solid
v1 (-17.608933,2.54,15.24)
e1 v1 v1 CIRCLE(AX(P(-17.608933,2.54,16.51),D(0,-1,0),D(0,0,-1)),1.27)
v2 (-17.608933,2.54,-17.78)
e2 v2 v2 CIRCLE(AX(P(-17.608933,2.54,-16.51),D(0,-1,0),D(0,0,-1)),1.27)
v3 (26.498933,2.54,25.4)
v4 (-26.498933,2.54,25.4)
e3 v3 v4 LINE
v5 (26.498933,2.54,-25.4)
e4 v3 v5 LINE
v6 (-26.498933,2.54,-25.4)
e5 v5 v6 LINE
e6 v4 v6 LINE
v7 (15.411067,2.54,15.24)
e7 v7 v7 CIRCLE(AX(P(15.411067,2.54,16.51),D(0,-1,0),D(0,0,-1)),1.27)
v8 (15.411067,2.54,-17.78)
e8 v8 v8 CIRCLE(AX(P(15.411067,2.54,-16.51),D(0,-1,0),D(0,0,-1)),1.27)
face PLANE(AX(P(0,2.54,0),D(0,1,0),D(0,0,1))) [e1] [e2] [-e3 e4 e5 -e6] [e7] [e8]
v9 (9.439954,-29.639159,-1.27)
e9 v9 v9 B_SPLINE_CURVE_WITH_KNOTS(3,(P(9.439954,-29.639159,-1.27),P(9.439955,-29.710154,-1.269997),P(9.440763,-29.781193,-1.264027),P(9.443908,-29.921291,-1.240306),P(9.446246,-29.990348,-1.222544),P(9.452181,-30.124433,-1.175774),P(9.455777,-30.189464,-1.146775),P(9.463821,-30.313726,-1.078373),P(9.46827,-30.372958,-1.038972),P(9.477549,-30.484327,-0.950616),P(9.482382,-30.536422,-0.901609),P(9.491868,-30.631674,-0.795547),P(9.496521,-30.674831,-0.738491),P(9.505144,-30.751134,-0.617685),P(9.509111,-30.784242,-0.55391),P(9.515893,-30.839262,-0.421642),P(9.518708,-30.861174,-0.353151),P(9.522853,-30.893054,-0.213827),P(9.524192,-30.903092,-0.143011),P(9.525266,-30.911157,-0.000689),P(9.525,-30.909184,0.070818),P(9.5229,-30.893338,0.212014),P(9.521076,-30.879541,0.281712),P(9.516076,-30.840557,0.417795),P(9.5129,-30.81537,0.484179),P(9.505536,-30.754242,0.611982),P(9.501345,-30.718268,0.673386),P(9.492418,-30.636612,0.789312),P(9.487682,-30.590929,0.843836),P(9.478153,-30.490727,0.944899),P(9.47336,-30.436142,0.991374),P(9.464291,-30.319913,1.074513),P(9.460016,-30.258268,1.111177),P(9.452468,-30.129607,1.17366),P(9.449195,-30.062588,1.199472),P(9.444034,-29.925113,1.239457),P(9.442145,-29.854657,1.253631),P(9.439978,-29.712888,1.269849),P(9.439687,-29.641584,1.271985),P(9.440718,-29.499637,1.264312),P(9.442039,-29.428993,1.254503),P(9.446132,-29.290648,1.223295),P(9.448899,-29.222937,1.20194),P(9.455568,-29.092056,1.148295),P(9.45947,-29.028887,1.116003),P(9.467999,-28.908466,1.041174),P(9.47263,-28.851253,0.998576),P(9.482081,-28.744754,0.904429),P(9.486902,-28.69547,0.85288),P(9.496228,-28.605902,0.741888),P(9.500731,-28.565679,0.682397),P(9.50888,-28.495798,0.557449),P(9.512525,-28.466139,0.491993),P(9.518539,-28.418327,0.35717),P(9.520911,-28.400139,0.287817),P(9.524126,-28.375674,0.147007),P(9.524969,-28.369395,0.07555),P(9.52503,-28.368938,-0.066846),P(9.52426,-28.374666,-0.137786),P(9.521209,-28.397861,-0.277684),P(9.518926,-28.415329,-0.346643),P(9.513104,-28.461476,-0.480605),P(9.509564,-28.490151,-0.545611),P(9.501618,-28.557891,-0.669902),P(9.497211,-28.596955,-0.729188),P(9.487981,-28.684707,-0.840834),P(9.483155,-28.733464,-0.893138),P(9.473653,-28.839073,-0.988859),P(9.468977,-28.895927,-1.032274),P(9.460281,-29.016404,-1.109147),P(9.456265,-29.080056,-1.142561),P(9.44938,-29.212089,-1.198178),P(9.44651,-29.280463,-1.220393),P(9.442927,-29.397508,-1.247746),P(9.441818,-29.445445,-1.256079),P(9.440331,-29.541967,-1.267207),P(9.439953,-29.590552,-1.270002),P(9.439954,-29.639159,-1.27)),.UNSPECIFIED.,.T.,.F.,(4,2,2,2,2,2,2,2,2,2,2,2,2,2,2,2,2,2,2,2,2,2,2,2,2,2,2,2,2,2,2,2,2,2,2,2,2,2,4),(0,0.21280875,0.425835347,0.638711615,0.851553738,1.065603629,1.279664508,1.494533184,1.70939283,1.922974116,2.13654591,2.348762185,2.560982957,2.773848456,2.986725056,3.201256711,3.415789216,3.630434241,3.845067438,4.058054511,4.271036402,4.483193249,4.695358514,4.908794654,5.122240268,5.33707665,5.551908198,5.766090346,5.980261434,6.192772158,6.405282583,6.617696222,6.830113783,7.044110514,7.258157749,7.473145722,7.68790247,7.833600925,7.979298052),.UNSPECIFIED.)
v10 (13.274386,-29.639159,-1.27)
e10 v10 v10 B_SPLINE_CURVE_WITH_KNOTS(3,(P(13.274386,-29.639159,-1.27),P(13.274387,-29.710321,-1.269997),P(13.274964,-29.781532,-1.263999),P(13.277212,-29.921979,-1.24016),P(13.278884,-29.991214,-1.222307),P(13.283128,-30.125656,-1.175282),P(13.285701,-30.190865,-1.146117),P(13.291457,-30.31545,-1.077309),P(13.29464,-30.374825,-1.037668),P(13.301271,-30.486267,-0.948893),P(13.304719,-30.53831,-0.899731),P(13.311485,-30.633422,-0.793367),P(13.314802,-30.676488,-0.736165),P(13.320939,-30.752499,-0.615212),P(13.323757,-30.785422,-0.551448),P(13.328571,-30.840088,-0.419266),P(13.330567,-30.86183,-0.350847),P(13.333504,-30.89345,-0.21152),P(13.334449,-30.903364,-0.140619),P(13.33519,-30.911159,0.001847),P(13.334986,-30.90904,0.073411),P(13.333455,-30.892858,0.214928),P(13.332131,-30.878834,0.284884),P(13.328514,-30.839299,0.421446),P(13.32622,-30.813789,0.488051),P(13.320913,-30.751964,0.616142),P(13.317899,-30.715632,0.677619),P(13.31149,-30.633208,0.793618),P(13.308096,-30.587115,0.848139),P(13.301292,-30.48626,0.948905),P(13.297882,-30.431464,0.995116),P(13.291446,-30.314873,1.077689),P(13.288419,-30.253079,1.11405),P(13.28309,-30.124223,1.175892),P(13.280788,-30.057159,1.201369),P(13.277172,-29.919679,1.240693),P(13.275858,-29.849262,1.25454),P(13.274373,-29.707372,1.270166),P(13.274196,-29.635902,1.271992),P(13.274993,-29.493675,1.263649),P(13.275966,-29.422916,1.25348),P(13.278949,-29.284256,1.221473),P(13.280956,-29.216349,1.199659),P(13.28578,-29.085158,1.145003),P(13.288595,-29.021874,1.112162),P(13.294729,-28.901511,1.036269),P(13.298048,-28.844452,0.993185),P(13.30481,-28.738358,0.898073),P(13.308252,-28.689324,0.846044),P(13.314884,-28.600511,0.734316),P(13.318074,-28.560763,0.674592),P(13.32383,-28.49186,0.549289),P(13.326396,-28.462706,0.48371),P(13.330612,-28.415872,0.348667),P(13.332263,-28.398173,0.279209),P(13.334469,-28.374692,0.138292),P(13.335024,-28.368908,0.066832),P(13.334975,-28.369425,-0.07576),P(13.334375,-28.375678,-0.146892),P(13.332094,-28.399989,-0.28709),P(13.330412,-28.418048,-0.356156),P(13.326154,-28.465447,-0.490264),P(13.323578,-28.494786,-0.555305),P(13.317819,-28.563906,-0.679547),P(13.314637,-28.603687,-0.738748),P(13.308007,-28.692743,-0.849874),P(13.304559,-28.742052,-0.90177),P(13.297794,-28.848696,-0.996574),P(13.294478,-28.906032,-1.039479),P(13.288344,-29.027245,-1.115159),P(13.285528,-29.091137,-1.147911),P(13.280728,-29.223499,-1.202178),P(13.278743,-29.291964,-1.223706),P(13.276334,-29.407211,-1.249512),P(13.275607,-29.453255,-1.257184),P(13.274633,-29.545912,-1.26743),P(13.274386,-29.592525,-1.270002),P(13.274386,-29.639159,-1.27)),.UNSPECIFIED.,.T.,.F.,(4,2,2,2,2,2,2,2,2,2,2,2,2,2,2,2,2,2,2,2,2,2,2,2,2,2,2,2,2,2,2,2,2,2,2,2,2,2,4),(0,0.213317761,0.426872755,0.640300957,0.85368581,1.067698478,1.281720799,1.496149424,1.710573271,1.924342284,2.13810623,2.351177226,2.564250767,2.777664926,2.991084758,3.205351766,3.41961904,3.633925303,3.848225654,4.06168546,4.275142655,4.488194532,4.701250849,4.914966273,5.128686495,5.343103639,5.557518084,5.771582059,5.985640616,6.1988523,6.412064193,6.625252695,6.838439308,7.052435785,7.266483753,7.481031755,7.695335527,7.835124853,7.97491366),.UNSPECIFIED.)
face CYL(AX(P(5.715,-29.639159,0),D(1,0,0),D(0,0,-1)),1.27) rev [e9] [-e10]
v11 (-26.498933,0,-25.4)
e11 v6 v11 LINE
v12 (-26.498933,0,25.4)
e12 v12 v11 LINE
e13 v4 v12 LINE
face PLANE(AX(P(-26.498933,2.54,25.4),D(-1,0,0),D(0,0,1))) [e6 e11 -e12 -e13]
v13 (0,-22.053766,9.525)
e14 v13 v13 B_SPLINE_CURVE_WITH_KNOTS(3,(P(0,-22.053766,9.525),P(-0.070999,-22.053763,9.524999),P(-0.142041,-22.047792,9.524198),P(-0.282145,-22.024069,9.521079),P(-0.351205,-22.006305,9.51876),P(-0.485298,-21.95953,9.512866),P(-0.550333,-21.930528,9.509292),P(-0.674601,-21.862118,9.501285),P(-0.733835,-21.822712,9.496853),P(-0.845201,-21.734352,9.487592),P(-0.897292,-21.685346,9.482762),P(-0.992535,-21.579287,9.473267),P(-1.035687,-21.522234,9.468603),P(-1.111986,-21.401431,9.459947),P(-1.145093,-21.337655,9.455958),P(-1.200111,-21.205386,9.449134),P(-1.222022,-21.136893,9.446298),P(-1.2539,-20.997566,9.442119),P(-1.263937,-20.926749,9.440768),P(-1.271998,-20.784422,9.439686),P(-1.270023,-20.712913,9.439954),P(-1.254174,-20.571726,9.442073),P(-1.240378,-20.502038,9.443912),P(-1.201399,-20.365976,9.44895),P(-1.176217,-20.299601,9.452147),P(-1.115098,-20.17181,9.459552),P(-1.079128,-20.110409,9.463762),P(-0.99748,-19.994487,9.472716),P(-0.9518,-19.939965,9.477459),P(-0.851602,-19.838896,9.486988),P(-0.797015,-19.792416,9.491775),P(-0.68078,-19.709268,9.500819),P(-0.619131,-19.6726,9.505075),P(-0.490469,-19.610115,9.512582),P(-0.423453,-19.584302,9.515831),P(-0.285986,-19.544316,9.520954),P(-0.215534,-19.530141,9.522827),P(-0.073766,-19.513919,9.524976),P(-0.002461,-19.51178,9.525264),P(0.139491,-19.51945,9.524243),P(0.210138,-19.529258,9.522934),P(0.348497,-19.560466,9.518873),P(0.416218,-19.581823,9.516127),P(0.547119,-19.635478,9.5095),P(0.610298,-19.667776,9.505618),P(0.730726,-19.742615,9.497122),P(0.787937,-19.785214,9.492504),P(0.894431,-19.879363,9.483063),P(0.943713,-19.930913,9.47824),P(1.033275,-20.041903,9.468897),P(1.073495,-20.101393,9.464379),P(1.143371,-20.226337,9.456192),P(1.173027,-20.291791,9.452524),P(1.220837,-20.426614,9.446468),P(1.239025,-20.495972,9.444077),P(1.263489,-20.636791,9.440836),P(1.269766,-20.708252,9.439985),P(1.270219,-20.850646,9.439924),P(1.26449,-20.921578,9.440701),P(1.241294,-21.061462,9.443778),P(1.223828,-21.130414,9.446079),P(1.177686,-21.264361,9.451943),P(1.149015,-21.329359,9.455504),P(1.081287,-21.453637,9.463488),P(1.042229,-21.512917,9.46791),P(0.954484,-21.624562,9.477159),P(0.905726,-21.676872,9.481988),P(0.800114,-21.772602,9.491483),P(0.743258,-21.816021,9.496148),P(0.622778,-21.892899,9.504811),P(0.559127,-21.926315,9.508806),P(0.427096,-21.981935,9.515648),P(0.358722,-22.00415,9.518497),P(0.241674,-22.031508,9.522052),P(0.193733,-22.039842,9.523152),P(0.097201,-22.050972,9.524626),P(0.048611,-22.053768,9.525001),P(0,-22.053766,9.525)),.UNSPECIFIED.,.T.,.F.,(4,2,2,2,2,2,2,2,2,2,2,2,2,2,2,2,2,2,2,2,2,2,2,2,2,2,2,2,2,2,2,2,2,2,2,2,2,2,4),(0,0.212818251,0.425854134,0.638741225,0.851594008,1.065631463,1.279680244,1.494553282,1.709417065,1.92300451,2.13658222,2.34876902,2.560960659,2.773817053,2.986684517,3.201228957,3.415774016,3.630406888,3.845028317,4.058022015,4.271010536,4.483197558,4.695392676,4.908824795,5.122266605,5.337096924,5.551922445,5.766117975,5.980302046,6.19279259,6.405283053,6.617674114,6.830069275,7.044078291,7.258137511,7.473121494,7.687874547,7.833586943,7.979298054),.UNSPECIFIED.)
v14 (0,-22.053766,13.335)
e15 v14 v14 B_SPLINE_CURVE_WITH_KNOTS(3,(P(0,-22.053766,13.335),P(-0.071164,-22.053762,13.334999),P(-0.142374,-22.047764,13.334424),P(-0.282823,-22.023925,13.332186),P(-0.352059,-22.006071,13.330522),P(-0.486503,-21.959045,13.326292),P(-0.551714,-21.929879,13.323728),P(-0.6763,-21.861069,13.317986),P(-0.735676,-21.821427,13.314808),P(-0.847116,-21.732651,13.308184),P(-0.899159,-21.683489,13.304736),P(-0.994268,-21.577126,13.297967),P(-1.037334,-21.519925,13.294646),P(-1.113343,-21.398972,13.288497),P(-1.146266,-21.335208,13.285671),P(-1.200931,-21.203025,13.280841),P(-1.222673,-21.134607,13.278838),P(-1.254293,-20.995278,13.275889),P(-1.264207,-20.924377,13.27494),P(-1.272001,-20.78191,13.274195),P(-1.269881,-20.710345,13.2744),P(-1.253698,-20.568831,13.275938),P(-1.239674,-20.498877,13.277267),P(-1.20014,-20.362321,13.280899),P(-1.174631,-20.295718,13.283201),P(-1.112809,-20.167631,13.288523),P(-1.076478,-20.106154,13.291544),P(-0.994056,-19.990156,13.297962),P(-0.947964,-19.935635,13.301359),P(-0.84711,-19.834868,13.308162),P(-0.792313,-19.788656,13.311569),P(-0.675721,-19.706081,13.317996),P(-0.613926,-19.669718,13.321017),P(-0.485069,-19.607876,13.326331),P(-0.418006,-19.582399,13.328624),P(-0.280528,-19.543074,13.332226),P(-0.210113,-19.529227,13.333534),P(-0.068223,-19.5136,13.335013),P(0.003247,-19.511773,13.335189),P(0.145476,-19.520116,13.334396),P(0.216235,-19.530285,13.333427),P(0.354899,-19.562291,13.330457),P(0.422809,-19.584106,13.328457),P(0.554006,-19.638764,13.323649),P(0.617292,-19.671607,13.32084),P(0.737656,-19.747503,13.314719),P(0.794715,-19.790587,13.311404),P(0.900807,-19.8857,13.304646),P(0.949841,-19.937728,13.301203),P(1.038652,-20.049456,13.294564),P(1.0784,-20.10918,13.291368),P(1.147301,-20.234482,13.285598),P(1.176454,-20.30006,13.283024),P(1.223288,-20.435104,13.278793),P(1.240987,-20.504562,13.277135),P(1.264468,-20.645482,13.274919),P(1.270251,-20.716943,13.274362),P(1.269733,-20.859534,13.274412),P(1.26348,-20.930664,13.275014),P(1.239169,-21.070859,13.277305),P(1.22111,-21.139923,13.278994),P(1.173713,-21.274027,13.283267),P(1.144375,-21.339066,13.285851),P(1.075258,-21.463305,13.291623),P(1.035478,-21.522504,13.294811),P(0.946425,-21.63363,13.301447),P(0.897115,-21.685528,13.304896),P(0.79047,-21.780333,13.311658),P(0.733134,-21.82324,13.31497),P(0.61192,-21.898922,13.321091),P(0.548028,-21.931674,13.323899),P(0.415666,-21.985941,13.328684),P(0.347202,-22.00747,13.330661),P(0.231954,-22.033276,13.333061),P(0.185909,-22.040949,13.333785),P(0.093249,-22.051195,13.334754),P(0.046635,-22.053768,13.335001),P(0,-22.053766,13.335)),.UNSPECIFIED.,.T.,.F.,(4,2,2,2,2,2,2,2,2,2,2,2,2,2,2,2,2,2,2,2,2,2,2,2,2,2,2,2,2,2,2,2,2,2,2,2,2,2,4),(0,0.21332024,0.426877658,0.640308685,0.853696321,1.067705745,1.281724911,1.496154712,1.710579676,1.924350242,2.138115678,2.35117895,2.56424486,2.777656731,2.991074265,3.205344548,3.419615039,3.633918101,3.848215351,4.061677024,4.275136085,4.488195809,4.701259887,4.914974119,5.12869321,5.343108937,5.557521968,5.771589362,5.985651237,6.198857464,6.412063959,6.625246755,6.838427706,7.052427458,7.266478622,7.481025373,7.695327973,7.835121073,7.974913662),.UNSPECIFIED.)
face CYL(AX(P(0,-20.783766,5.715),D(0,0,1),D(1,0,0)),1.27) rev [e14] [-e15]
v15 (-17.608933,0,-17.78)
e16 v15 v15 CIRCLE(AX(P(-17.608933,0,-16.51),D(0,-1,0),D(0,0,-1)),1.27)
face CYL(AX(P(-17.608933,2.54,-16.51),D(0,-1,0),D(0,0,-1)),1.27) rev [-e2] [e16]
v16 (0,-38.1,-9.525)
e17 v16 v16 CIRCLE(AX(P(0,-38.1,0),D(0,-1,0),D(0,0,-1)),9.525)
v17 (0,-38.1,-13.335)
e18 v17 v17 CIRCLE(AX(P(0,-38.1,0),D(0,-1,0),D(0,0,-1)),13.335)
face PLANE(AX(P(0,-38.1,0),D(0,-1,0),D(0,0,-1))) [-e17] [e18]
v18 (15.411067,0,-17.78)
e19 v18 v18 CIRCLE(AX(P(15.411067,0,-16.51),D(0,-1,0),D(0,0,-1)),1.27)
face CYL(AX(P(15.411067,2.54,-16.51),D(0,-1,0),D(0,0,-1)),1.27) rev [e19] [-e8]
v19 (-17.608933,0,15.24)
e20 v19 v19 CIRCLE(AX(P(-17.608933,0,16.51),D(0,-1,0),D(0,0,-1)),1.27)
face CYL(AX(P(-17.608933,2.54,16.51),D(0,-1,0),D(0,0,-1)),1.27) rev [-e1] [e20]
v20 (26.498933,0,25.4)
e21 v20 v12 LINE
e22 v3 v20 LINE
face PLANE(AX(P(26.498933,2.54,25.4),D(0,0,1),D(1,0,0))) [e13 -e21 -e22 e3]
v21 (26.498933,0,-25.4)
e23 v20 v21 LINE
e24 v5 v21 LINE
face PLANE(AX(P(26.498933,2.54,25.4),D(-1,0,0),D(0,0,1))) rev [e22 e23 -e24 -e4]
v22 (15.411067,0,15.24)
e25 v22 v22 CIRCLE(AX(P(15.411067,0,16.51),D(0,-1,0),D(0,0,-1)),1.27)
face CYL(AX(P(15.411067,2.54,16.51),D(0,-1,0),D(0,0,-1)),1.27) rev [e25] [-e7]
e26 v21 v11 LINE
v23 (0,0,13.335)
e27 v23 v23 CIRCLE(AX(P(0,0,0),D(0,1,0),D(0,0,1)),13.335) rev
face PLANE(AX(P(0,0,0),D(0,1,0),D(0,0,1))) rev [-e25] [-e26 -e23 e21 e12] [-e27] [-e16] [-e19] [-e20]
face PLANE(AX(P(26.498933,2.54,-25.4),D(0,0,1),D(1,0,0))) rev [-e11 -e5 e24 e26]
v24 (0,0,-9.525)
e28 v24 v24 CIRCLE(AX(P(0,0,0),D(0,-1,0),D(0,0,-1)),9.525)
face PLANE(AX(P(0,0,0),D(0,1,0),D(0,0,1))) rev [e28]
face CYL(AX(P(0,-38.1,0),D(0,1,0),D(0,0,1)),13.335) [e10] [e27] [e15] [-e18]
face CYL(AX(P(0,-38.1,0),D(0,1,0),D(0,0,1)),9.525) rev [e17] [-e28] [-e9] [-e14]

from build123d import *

# Parameters (mm, degrees)
SKETCH1_W            = 52.99786638
SKETCH1_H            = 50.8
BOSS_EXTRUDE1_DEPTH  = 2.54
SKETCH2_R            = 1.27
CUT_EXTRUDE1_DEPTH   = 37.794090017
LPATTERN1_COUNT      = 2
LPATTERN1_PITCH      = 33.02
LPATTERN1_COUNT_DIR2 = 2
LPATTERN1_PITCH_DIR2 = 33.02
SKETCH3_R            = 13.335
SKETCH3_R_2          = 9.525
BOSS_EXTRUDE2_DEPTH  = 38.1
SKETCH4_R            = 1.27
CUT_EXTRUDE2_DEPTH   = 7.62
SKETCH5_R            = 1.27
CUT_EXTRUDE3_DEPTH   = 7.62


with BuildPart() as part:
    # Sketch1 → Boss-Extrude1 (new body)
    with BuildSketch(Plane(origin=(0, 0, 0), x_dir=(1, 0, 0), z_dir=(0, 1, 0))):
        Rectangle(SKETCH1_W, SKETCH1_H)
    extrude(amount=BOSS_EXTRUDE1_DEPTH)

    # Sketch2 → Cut-Extrude1 (cut, through all)
    with BuildSketch(Plane.XZ):
        with Locations(Location((-17.60893319, 16.51, 0), (0, 0, 270))):
            Circle(SKETCH2_R)
    cut_extrude1 = extrude(amount=-CUT_EXTRUDE1_DEPTH, mode=Mode.SUBTRACT)

    # LPattern1: Cut-Extrude1 2 × 2
    with Locations(*[(i * LPATTERN1_PITCH, 0, -j * LPATTERN1_PITCH_DIR2) for i in range(LPATTERN1_COUNT) for j in range(LPATTERN1_COUNT_DIR2) if (i, j) != (0, 0)]):
        add(cut_extrude1, mode=Mode.SUBTRACT)

    # Sketch3 → Boss-Extrude2 (add)
    with BuildSketch(Plane.XZ):
        with Locations(Location((0, 0, 0), (0, 0, 90))):
            Circle(SKETCH3_R)
        with Locations(Location((0, 0, 0), (0, 0, 90))):
            Circle(SKETCH3_R_2, mode=Mode.SUBTRACT)
    extrude(amount=BOSS_EXTRUDE2_DEPTH)

    # Sketch4 → Cut-Extrude2 (cut)
    with BuildSketch(Plane.XY.offset(13.335)):
        with Locations(Location((0, -20.78376556, 0), (0, 0, 270))):
            Circle(SKETCH4_R)
    extrude(amount=-CUT_EXTRUDE2_DEPTH, mode=Mode.SUBTRACT)

    # Sketch5 → Cut-Extrude3 (cut)
    with BuildSketch(Plane(origin=(13.335, 0, 0), x_dir=(0, 0, -1), z_dir=(1, 0, 0))):
        with Locations((0, -29.639158728)):
            Circle(SKETCH5_R)
    extrude(amount=-CUT_EXTRUDE3_DEPTH, mode=Mode.SUBTRACT)


solid = part.part
